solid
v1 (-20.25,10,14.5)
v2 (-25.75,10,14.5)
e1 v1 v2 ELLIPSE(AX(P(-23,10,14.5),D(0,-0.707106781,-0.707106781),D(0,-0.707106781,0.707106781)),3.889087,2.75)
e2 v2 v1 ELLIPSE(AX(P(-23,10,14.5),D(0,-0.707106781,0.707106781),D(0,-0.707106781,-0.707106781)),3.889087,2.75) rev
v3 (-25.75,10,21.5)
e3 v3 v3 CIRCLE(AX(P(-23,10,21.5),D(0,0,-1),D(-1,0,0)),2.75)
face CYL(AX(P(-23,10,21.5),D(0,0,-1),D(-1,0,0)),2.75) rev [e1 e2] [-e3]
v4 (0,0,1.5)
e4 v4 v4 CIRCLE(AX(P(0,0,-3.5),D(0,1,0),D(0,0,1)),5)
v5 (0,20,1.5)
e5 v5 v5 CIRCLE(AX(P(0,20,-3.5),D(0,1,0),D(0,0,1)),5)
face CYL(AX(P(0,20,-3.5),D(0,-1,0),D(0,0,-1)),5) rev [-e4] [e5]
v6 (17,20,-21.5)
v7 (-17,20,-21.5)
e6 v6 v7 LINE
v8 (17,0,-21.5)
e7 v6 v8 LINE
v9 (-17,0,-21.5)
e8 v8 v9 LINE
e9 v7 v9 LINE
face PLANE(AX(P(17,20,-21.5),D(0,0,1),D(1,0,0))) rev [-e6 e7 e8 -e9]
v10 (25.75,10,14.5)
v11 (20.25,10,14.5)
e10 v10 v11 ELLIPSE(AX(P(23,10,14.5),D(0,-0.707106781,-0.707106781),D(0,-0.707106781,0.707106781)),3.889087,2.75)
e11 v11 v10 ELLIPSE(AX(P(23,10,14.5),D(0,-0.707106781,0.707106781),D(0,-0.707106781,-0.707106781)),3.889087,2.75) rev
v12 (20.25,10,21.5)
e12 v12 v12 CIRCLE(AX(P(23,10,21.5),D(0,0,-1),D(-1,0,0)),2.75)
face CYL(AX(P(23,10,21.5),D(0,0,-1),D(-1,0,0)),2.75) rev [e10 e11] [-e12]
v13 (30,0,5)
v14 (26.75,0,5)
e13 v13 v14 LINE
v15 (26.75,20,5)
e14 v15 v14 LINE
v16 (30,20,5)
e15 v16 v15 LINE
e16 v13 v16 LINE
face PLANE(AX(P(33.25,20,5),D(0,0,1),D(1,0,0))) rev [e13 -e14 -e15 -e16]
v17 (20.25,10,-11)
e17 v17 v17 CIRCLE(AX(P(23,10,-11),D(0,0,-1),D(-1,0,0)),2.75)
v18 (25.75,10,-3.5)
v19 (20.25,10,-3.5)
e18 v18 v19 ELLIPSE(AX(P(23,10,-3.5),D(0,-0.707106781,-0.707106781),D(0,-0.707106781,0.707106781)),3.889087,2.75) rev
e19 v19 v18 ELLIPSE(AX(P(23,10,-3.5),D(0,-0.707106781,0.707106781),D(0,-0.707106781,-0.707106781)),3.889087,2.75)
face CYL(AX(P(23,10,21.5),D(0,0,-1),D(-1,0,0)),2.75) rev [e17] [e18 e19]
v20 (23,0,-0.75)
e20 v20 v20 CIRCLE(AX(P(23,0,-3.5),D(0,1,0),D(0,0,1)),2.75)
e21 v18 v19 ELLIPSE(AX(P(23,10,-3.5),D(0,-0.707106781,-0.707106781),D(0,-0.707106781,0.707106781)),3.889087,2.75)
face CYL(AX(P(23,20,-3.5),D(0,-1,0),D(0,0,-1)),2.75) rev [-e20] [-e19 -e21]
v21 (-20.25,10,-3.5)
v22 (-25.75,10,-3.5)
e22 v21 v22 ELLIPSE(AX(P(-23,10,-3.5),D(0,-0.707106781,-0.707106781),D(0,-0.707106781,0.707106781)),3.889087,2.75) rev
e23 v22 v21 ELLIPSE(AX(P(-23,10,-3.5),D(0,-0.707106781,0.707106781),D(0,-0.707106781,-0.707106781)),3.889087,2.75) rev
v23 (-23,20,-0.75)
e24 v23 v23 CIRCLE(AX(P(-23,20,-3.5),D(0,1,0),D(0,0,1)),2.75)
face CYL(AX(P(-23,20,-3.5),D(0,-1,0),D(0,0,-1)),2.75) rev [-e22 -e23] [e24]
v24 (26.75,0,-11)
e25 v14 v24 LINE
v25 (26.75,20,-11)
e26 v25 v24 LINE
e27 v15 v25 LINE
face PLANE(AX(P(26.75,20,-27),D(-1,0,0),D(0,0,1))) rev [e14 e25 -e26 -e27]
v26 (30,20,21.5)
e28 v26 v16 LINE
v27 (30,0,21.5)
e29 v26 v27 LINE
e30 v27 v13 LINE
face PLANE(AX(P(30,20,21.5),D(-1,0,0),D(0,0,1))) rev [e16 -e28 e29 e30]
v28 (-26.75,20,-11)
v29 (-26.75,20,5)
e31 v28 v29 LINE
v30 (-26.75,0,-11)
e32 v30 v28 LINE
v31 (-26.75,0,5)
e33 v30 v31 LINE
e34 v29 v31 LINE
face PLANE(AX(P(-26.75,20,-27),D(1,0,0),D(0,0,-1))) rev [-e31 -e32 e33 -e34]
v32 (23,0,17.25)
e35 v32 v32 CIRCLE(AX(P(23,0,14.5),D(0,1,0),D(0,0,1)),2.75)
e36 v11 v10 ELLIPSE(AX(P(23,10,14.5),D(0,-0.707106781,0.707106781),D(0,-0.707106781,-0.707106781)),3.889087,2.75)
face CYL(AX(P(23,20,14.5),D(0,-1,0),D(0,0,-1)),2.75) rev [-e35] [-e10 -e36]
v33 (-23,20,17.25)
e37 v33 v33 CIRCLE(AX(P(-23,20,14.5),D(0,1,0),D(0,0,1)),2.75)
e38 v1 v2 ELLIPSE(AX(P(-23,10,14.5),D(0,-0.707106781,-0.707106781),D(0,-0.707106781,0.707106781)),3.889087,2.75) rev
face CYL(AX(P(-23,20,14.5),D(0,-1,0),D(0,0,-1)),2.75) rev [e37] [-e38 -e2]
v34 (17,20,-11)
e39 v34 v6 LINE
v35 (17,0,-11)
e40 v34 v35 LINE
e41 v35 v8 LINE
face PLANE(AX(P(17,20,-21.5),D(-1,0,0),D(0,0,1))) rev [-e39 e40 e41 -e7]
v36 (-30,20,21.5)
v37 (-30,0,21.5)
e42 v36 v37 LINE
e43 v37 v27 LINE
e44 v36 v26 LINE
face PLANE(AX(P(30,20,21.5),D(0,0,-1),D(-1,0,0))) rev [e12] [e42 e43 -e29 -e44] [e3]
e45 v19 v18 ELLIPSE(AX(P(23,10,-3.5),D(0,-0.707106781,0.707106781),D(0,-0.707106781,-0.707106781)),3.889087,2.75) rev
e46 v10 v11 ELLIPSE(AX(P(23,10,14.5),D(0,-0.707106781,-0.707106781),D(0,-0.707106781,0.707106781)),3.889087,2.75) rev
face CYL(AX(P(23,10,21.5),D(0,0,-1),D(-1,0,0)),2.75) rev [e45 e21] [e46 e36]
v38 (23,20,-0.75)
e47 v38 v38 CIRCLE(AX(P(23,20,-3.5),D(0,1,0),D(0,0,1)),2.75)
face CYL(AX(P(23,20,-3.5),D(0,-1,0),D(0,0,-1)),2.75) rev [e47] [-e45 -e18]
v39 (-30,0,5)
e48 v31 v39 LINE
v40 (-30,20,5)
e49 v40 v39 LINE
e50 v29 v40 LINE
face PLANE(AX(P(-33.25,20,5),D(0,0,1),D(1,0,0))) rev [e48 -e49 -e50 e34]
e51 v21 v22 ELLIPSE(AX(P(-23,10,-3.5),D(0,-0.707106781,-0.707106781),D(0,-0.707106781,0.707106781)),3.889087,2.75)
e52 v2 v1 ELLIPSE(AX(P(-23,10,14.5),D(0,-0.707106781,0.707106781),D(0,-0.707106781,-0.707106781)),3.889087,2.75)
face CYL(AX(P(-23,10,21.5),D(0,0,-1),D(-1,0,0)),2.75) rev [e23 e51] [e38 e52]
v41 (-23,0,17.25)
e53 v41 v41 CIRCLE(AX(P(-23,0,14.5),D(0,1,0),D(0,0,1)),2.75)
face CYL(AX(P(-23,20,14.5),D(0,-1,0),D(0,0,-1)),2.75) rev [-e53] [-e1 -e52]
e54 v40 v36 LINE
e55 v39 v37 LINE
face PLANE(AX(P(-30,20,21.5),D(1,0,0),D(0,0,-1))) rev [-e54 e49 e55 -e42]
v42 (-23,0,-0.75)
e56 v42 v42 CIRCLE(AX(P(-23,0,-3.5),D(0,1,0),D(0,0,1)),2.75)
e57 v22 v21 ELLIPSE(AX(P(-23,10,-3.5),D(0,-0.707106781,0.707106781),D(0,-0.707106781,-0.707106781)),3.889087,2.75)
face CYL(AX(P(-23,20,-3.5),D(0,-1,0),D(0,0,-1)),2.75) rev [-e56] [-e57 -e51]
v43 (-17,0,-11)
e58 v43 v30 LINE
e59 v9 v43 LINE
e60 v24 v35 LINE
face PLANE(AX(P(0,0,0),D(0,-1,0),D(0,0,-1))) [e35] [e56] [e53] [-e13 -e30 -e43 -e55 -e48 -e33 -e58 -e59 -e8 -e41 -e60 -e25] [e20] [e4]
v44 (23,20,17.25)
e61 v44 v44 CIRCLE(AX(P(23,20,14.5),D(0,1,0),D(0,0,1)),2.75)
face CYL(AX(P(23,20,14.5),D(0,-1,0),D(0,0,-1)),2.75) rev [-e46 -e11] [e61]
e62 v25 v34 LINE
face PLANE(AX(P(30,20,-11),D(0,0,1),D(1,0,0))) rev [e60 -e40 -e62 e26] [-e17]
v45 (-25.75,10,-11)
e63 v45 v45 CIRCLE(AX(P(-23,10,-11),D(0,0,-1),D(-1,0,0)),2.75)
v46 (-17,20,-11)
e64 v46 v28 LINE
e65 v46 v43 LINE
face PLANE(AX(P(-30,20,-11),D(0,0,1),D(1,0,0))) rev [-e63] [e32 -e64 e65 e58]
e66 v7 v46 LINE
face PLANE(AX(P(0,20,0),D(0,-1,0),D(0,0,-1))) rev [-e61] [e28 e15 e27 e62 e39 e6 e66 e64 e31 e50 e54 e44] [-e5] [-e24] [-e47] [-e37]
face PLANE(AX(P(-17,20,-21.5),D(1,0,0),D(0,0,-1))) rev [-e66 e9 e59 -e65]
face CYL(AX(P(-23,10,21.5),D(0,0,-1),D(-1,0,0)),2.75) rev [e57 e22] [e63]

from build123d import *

# Parameters (mm, degrees)
SKETCH1_R           = 5
SKETCH1_R_2         = 2.75
BOSS_EXTRUDE1_DEPTH = 20
SKETCH2_R           = 2.75
CUT_EXTRUDE1_DEPTH  = 33.5
SKETCH3_W           = 6.5
SKETCH3_H           = 32
CUT_EXTRUDE2_DEPTH  = 21


with BuildPart() as part:
    # Sketch1 → Boss-Extrude1 (new body)
    with BuildSketch(Plane(origin=(0, 0, 0), x_dir=(1, 0, 0), z_dir=(0, 1, 0))):
        Polygon((30, -21.5), (-30, -21.5), (-30, 11), (-17, 11), (-17, 21.5), (17, 21.5), (17, 11), (30, 11), align=None)
        with Locations((0, 3.5)):
            Circle(SKETCH1_R, mode=Mode.SUBTRACT)
        with Locations((-23, 3.5)):
            Circle(SKETCH1_R_2, mode=Mode.SUBTRACT)
        with Locations((-23, -14.5)):
            Circle(SKETCH1_R_2, mode=Mode.SUBTRACT)
        with Locations((23, 3.5)):
            Circle(SKETCH1_R_2, mode=Mode.SUBTRACT)
        with Locations((23, -14.5)):
            Circle(SKETCH1_R_2, mode=Mode.SUBTRACT)
    extrude(amount=BOSS_EXTRUDE1_DEPTH)

    # Sketch2 → Cut-Extrude1 (cut, through all)
    with BuildSketch(Plane(origin=(0, 0, -11), x_dir=(-1, 0, 0), z_dir=(0, 0, -1))):
        with Locations((-23, 10)):
            Circle(SKETCH2_R)
        with Locations((23, 10)):
            Circle(SKETCH2_R)
    extrude(amount=-CUT_EXTRUDE1_DEPTH, mode=Mode.SUBTRACT)

    # Sketch3 → Cut-Extrude2 (cut, through all)
    with BuildSketch(Plane.XZ):
        with Locations((30, -11)):
            Rectangle(SKETCH3_W, SKETCH3_H)
        with Locations((-30, -11)):
            Rectangle(SKETCH3_W, SKETCH3_H)
    extrude(amount=-CUT_EXTRUDE2_DEPTH, mode=Mode.SUBTRACT)


solid = part.part
